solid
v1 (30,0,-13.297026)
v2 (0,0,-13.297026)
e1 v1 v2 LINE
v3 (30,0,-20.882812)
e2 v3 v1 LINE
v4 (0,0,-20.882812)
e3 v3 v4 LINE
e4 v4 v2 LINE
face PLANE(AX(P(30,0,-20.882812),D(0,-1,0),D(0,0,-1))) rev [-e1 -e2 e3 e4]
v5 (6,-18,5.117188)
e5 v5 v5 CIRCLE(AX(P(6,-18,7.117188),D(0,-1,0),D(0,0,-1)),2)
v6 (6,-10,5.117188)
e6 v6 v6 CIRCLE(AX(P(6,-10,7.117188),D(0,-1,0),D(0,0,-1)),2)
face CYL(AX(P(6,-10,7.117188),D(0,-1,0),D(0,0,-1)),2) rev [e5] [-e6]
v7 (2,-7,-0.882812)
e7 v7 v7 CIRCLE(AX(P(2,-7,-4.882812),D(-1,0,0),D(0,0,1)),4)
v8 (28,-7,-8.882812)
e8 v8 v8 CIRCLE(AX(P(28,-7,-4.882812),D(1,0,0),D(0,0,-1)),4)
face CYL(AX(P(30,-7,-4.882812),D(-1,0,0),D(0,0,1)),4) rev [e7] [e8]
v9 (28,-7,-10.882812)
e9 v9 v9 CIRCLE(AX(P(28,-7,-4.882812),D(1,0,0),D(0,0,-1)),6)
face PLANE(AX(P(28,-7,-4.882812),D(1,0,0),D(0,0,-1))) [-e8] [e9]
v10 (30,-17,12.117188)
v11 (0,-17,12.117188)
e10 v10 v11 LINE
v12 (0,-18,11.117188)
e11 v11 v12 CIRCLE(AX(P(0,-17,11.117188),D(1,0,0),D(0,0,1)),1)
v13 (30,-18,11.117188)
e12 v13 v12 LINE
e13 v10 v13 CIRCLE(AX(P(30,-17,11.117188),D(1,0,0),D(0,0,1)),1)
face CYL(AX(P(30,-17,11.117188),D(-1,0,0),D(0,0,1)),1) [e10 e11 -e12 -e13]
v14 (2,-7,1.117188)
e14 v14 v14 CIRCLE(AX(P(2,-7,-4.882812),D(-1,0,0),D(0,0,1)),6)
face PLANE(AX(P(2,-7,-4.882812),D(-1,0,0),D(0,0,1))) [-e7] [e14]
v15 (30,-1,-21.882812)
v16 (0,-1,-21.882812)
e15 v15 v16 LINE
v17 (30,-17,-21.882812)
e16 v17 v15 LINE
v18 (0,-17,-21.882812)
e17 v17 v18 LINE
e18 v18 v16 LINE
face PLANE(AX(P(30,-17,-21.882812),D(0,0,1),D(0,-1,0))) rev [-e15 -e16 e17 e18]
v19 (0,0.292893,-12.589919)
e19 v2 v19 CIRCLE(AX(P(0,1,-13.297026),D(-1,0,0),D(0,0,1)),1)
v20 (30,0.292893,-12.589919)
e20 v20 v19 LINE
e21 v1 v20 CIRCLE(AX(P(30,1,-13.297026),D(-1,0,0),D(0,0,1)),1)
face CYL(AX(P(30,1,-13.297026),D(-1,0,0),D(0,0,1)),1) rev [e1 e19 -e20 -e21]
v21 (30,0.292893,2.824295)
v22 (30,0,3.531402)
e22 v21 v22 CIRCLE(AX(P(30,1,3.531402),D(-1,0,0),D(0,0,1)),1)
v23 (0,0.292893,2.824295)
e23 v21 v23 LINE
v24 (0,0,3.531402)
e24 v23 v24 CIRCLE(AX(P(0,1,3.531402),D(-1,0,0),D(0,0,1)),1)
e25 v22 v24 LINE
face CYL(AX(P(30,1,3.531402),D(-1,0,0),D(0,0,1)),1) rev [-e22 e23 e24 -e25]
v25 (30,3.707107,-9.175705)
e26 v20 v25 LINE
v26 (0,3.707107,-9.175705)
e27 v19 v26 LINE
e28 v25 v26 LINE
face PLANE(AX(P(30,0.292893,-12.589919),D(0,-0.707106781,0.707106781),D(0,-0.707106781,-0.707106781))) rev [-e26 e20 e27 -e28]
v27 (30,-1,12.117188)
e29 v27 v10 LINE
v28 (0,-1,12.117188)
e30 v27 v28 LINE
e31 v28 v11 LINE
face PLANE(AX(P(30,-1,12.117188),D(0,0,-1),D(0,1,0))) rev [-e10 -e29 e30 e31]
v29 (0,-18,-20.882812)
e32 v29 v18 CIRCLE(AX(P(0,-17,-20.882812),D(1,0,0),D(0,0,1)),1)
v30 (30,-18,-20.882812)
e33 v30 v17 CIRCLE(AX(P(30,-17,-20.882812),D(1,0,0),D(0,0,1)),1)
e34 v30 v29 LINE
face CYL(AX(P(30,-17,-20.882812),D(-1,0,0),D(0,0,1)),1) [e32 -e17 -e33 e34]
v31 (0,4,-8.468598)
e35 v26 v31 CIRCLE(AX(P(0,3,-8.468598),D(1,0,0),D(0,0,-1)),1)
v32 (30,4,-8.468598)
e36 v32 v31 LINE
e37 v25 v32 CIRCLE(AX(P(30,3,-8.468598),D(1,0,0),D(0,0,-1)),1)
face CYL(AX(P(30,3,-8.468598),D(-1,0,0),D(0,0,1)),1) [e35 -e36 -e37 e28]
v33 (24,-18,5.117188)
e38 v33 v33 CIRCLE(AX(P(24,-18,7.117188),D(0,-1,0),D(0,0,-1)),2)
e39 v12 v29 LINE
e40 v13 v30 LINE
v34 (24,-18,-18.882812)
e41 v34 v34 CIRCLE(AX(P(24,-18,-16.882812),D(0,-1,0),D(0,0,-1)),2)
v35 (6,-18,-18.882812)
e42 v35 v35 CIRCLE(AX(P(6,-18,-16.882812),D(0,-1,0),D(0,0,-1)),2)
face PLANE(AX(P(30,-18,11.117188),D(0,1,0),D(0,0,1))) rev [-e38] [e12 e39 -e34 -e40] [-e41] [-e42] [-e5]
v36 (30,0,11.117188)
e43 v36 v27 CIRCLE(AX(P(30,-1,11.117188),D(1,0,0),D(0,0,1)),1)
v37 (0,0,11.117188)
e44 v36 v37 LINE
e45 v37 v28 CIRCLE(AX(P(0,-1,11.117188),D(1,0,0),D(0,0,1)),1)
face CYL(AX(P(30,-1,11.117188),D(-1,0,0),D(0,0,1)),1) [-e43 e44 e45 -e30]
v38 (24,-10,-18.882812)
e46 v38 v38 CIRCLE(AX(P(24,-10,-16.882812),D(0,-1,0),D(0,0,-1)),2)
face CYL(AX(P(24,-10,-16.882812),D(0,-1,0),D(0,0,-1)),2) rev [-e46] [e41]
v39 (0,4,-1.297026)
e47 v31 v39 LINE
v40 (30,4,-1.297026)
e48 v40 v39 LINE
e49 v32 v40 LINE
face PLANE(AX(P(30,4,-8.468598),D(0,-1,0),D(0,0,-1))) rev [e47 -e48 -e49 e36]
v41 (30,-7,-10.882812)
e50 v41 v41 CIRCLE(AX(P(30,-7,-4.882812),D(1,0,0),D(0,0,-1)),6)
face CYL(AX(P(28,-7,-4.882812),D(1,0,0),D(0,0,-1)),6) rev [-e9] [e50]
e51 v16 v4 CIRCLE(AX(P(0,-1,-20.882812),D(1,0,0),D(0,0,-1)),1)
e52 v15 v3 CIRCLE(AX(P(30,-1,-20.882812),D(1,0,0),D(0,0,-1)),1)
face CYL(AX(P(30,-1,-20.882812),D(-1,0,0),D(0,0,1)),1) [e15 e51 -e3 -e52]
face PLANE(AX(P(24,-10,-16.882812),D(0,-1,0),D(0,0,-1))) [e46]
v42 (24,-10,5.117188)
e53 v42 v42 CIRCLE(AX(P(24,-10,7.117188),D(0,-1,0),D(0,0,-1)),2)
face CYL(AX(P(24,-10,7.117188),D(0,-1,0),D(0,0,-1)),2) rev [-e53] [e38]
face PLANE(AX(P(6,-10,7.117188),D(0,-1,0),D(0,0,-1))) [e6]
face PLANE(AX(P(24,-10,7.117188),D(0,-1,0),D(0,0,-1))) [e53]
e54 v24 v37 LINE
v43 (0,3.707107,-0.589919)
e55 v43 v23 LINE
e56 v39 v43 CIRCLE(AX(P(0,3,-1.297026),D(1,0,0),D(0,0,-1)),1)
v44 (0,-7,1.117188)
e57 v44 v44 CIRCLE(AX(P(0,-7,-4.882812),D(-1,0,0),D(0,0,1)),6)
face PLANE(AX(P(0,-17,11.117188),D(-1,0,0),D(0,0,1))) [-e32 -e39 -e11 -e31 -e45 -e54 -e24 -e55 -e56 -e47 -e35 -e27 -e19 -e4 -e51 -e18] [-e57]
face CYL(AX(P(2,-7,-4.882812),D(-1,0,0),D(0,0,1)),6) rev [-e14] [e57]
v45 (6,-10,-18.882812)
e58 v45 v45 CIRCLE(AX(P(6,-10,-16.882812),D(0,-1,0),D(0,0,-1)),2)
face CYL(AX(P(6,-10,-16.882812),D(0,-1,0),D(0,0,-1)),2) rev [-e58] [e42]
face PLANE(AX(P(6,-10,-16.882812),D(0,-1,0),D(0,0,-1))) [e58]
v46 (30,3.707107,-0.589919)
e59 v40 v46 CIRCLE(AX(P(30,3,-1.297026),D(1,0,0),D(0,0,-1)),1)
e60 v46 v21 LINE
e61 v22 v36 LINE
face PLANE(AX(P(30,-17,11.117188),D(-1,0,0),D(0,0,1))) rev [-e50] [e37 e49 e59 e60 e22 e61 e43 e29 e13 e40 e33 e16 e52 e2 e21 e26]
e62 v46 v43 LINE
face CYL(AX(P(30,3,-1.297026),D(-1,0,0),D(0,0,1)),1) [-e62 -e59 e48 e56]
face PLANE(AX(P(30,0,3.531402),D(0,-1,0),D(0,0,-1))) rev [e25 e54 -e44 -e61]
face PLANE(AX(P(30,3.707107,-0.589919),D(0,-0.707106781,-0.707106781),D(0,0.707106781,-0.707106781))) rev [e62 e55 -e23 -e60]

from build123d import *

# Parameters (mm, degrees)
SKETCH_1_R          = 4
EXTRUDE_1_DEPTH     = 30
SKETCH_6_R          = 2
CUT_EXTRUDE_5_DEPTH = 8
SKETCH_7_R          = 6
CUT_EXTRUDE_6_DEPTH = 2
CUT_EXTRUDE_START   = -2
SKETCH_8_R          = 6
CUT_EXTRUDE_7_DEPTH = 2


with BuildPart() as part:
    # 草图1 → 凸台-拉伸1 (new body)
    with BuildSketch(Plane(origin=(0, 0, 0), x_dir=(0, 0, -1), z_dir=(1, 0, 0))):
        with BuildLine():
            Line((-12.117188, -1), (-12.117188, -17))
            ThreePointArc((-12.117188, -17), (-11.824294782, -17.707106781), (-11.117188, -18))
            Line((-11.117188, -18), (20.882812, -18))
            ThreePointArc((20.882812, -18), (21.589918781, -17.707106781), (21.882812, -17))
            Line((21.882812, -17), (21.882812, -1))
            ThreePointArc((21.882812, -1), (21.589918781, -0.292893219), (20.882812, 0))
            Line((20.882812, 0), (13.297025562, 0))
            ThreePointArc((13.297025562, 0), (12.91434213, 0.076120467), (12.589918781, 0.292893219))
            Line((12.589918781, 0.292893219), (9.175705218, 3.707106781))
            ThreePointArc((9.175705218, 3.707106781), (8.85128187, 3.923879533), (8.468598437, 4))
            Line((8.468598437, 4), (1.297025562, 4))
            ThreePointArc((1.297025562, 4), (0.91434213, 3.923879533), (0.589918781, 3.707106781))
            Line((0.589918781, 3.707106781), (-2.824294782, 0.292893219))
            ThreePointArc((-2.824294782, 0.292893219), (-3.14871813, 0.076120467), (-3.531401563, 0))
            Line((-3.531401563, 0), (-11.117188, 0))
            ThreePointArc((-11.117188, 0), (-11.824294782, -0.292893219), (-12.117188, -1))
        make_face()
        with Locations((4.882812, -7)):
            Circle(SKETCH_1_R, mode=Mode.SUBTRACT)
    extrude(amount=EXTRUDE_1_DEPTH)

    # 草图6 → 切除-拉伸5 (cut)
    with BuildSketch(Plane.XZ.offset(18)):
        with Locations(Location((24, -16.882812, 0), (0, 0, 270))):
            Circle(SKETCH_6_R)
        with Locations(Location((6, -16.882812, 0), (0, 0, 270))):
            Circle(SKETCH_6_R)
        with Locations(Location((6, 7.117188, 0), (0, 0, 270))):
            Circle(SKETCH_6_R)
        with Locations(Location((24, 7.117188, 0), (0, 0, 270))):
            Circle(SKETCH_6_R)
    extrude(amount=-CUT_EXTRUDE_5_DEPTH, mode=Mode.SUBTRACT)

    # 草图7 → 切除-拉伸6 (cut)
    with BuildSketch(Plane.ZY):
        with Locations((-4.882812, -7)):
            Circle(SKETCH_7_R)
    extrude(amount=-CUT_EXTRUDE_6_DEPTH, mode=Mode.SUBTRACT)

    # 草图8 → 切除-拉伸7 (cut)
    with BuildSketch(Plane(origin=(30, 0, 0), x_dir=(0, 0, -1), z_dir=(1, 0, 0)).offset(CUT_EXTRUDE_START)):
        with Locations(Location((4.882812, -7, 0), (0, 0, 180))):
            Circle(SKETCH_8_R)
    extrude(amount=CUT_EXTRUDE_7_DEPTH, mode=Mode.SUBTRACT)


solid = part.part
